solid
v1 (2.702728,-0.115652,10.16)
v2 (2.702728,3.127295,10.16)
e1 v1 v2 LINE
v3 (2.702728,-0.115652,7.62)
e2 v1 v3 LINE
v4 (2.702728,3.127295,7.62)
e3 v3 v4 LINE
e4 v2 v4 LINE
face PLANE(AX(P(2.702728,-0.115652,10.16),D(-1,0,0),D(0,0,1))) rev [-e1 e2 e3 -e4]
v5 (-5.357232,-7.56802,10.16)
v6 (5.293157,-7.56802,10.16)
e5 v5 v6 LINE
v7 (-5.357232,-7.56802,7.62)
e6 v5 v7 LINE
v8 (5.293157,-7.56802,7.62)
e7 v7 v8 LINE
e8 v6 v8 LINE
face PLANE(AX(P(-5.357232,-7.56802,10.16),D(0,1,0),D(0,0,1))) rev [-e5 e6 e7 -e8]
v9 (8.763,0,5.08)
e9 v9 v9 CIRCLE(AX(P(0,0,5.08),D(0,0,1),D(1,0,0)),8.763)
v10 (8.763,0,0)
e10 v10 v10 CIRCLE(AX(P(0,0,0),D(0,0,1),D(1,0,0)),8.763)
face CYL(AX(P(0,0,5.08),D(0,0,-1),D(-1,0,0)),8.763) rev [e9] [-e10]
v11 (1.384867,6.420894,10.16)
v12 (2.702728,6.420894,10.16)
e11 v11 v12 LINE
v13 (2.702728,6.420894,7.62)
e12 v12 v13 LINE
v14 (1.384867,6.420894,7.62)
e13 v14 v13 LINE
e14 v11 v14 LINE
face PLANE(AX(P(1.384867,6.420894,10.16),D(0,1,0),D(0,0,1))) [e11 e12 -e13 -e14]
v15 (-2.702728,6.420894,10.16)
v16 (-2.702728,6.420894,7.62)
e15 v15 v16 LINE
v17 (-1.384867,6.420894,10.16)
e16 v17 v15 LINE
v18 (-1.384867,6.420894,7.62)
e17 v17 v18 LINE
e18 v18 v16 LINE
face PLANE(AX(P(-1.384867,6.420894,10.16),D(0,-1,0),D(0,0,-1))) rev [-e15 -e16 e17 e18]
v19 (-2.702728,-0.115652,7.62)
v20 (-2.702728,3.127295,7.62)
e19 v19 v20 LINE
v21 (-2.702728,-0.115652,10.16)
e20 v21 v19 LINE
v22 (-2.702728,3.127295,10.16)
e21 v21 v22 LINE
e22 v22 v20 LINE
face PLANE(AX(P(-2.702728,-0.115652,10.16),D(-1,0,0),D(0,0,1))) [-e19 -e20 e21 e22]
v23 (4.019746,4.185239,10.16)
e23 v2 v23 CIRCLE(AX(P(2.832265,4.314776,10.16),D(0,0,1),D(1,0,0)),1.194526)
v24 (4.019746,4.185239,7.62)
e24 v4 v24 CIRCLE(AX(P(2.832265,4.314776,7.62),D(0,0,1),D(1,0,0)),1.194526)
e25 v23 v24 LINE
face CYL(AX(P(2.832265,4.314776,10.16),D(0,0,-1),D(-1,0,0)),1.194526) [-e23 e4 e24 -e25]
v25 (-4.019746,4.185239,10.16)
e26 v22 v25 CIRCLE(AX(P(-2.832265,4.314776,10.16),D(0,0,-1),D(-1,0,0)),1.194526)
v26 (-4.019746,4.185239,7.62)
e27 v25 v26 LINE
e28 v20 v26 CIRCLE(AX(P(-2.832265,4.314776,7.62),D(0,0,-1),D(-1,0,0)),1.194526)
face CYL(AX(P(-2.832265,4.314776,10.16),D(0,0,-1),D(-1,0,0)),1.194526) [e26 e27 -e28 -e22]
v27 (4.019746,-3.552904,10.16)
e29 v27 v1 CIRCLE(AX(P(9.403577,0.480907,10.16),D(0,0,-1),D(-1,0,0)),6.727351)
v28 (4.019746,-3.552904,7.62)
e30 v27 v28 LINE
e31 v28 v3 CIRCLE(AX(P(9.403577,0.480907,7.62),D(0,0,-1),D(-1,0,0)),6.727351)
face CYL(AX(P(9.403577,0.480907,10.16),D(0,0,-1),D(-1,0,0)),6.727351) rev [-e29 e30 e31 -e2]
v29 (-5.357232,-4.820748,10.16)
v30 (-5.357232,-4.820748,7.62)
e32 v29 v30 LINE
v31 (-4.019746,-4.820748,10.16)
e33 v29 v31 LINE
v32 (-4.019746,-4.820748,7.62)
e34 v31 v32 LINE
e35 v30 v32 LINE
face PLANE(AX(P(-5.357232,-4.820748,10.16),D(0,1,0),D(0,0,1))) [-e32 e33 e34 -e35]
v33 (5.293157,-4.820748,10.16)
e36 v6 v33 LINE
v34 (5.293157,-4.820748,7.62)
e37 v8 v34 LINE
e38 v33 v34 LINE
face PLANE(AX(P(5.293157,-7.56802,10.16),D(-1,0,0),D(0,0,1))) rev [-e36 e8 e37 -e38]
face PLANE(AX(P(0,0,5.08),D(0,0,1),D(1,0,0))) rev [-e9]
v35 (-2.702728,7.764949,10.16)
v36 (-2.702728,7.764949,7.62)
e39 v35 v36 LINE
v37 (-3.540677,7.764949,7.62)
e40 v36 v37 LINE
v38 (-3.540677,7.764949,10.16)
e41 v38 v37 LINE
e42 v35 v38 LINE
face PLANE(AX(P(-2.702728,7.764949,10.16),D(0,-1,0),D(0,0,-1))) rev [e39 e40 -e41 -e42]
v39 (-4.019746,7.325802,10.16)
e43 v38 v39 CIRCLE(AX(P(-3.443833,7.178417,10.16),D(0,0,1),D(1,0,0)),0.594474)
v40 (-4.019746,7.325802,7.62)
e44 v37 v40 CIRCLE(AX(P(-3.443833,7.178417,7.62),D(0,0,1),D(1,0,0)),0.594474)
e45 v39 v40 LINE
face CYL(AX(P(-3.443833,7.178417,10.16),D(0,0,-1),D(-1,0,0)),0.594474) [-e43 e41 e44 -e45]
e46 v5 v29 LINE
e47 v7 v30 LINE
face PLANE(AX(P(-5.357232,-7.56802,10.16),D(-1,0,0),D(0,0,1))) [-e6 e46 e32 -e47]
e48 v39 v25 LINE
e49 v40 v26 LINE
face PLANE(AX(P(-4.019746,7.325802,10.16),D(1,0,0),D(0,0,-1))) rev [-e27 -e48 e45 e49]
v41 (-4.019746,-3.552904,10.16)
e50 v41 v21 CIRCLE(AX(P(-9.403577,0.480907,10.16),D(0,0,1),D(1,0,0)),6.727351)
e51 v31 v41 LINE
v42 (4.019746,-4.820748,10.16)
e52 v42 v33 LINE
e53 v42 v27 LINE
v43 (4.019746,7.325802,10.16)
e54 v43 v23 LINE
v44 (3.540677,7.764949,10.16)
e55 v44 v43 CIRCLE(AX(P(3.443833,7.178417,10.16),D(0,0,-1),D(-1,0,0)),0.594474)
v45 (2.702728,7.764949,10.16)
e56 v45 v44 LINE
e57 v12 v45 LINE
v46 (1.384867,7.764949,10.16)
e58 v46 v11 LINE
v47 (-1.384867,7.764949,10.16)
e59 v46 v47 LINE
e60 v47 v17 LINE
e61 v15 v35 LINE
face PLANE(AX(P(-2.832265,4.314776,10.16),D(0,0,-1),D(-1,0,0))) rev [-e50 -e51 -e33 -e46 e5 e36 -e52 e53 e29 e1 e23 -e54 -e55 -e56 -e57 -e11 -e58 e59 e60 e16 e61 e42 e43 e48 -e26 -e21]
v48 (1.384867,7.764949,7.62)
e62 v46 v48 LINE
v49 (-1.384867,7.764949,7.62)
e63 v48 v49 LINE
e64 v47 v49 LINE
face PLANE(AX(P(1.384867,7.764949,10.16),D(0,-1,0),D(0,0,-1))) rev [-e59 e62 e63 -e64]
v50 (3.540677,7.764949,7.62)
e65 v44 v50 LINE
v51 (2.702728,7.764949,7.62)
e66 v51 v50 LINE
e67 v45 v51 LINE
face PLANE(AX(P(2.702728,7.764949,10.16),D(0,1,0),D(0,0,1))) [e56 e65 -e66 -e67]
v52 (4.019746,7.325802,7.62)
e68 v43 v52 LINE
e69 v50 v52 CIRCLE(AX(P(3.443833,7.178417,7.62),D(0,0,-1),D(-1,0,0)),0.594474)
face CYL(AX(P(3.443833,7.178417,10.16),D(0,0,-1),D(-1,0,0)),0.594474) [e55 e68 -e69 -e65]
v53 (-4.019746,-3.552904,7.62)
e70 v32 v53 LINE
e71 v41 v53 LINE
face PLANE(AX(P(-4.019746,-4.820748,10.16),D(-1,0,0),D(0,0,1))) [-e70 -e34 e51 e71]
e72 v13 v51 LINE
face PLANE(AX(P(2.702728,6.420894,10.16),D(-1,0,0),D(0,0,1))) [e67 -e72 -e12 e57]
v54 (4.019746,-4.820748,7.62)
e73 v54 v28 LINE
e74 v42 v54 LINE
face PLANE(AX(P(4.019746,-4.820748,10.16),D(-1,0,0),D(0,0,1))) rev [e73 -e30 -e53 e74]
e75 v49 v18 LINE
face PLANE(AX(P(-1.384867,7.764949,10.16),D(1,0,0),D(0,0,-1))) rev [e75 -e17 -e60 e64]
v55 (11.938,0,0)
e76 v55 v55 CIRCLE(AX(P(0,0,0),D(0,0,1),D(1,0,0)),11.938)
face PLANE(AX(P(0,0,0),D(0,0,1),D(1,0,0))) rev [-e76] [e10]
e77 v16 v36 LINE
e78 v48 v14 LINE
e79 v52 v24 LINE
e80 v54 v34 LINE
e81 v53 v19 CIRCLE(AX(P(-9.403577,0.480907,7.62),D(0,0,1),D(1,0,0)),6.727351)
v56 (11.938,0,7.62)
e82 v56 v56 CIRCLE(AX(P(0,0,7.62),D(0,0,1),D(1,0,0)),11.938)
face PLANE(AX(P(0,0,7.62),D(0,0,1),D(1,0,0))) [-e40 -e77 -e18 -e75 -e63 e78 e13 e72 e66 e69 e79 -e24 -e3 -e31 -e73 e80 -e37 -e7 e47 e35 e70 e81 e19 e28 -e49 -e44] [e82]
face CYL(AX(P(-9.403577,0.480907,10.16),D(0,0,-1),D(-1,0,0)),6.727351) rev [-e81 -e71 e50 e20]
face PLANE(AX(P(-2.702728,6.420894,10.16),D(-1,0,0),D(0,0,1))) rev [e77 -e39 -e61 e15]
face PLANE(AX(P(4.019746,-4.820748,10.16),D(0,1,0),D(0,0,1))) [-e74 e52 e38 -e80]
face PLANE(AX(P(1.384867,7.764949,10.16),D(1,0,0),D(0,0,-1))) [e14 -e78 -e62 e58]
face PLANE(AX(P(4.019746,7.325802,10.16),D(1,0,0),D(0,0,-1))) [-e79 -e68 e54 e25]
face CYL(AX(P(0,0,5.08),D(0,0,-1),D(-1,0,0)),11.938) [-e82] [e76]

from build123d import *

# Parameters (mm, degrees)
SKETCH1_R           = 11.938
SKETCH1_R_2         = 8.763
BOSS_EXTRUDE1_DEPTH = 5.08
SKETCH2_R           = 11.938
BOSS_EXTRUDE2_DEPTH = 2.54
BOSS_EXTRUDE8_DEPTH = 2.54


with BuildPart() as part:
    # Sketch1 → Boss-Extrude1 (new body)
    with BuildSketch(Plane.XY):
        Circle(SKETCH1_R)
        Circle(SKETCH1_R_2, mode=Mode.SUBTRACT)
    extrude(amount=BOSS_EXTRUDE1_DEPTH)

    # Sketch2 → Boss-Extrude2 (add)
    with BuildSketch(Plane.XY.offset(5.08)):
        Circle(SKETCH2_R)
    extrude(amount=BOSS_EXTRUDE2_DEPTH)

    # Sketch3 → Boss-Extrude8 (add)
    with BuildSketch(Plane.XY.offset(7.62)):
        with BuildLine():
            Line((1.384866851, 7.764949028), (-1.384866851, 7.764949028))
            Line((-1.384866851, 7.764949028), (-1.384866851, 6.420894347))
            Line((-1.384866851, 6.420894347), (-2.702727896, 6.420894347))
            Line((-2.702727896, 6.420894347), (-2.702727896, 7.764949028))
            Line((-2.702727896, 7.764949028), (-3.54067733, 7.764949028))
            ThreePointArc((-3.54067733, 7.764949028), (-3.845533247, 7.616635469), (-4.019746325, 7.325802449))
            Line((-4.019746325, 7.325802449), (-4.019746325, 4.185239036))
            ThreePointArc((-4.019746325, 4.185239036), (-3.580344494, 3.383503573), (-2.702727896, 3.127295005))
            Line((-2.702727896, 3.127295005), (-2.702727896, -0.115652291))
            ThreePointArc((-2.702727896, -0.115652291), (-3.121575281, -1.926106842), (-4.019746325, -3.552903568))
            Line((-4.019746325, -3.552903568), (-4.019746325, -4.820747752))
            Line((-4.019746325, -4.820747752), (-5.357231947, -4.820747752))
            Line((-5.357231947, -4.820747752), (-5.357231947, -7.568020311))
            Line((-5.357231947, -7.568020311), (5.293156983, -7.568020311))
            Line((5.293156983, -7.568020311), (5.293156983, -4.820747752))
            Line((5.293156983, -4.820747752), (4.019746325, -4.820747752))
            Line((4.019746325, -4.820747752), (4.019746325, -3.552903568))
            ThreePointArc((4.019746325, -3.552903568), (3.121575281, -1.926106842), (2.702727896, -0.115652291))
            Line((2.702727896, -0.115652291), (2.702727896, 3.127295005))
            ThreePointArc((2.702727896, 3.127295005), (3.580344494, 3.383503573), (4.019746325, 4.185239036))
            Line((4.019746325, 4.185239036), (4.019746325, 7.325802449))
            ThreePointArc((4.019746325, 7.325802449), (3.845533247, 7.616635469), (3.54067733, 7.764949028))
            Line((3.54067733, 7.764949028), (2.702727896, 7.764949028))
            Line((2.702727896, 7.764949028), (2.702727896, 6.420894347))
            Line((2.702727896, 6.420894347), (1.384866851, 6.420894347))
            Line((1.384866851, 6.420894347), (1.384866851, 7.764949028))
        make_face()
    extrude(amount=BOSS_EXTRUDE8_DEPTH)


solid = part.part
